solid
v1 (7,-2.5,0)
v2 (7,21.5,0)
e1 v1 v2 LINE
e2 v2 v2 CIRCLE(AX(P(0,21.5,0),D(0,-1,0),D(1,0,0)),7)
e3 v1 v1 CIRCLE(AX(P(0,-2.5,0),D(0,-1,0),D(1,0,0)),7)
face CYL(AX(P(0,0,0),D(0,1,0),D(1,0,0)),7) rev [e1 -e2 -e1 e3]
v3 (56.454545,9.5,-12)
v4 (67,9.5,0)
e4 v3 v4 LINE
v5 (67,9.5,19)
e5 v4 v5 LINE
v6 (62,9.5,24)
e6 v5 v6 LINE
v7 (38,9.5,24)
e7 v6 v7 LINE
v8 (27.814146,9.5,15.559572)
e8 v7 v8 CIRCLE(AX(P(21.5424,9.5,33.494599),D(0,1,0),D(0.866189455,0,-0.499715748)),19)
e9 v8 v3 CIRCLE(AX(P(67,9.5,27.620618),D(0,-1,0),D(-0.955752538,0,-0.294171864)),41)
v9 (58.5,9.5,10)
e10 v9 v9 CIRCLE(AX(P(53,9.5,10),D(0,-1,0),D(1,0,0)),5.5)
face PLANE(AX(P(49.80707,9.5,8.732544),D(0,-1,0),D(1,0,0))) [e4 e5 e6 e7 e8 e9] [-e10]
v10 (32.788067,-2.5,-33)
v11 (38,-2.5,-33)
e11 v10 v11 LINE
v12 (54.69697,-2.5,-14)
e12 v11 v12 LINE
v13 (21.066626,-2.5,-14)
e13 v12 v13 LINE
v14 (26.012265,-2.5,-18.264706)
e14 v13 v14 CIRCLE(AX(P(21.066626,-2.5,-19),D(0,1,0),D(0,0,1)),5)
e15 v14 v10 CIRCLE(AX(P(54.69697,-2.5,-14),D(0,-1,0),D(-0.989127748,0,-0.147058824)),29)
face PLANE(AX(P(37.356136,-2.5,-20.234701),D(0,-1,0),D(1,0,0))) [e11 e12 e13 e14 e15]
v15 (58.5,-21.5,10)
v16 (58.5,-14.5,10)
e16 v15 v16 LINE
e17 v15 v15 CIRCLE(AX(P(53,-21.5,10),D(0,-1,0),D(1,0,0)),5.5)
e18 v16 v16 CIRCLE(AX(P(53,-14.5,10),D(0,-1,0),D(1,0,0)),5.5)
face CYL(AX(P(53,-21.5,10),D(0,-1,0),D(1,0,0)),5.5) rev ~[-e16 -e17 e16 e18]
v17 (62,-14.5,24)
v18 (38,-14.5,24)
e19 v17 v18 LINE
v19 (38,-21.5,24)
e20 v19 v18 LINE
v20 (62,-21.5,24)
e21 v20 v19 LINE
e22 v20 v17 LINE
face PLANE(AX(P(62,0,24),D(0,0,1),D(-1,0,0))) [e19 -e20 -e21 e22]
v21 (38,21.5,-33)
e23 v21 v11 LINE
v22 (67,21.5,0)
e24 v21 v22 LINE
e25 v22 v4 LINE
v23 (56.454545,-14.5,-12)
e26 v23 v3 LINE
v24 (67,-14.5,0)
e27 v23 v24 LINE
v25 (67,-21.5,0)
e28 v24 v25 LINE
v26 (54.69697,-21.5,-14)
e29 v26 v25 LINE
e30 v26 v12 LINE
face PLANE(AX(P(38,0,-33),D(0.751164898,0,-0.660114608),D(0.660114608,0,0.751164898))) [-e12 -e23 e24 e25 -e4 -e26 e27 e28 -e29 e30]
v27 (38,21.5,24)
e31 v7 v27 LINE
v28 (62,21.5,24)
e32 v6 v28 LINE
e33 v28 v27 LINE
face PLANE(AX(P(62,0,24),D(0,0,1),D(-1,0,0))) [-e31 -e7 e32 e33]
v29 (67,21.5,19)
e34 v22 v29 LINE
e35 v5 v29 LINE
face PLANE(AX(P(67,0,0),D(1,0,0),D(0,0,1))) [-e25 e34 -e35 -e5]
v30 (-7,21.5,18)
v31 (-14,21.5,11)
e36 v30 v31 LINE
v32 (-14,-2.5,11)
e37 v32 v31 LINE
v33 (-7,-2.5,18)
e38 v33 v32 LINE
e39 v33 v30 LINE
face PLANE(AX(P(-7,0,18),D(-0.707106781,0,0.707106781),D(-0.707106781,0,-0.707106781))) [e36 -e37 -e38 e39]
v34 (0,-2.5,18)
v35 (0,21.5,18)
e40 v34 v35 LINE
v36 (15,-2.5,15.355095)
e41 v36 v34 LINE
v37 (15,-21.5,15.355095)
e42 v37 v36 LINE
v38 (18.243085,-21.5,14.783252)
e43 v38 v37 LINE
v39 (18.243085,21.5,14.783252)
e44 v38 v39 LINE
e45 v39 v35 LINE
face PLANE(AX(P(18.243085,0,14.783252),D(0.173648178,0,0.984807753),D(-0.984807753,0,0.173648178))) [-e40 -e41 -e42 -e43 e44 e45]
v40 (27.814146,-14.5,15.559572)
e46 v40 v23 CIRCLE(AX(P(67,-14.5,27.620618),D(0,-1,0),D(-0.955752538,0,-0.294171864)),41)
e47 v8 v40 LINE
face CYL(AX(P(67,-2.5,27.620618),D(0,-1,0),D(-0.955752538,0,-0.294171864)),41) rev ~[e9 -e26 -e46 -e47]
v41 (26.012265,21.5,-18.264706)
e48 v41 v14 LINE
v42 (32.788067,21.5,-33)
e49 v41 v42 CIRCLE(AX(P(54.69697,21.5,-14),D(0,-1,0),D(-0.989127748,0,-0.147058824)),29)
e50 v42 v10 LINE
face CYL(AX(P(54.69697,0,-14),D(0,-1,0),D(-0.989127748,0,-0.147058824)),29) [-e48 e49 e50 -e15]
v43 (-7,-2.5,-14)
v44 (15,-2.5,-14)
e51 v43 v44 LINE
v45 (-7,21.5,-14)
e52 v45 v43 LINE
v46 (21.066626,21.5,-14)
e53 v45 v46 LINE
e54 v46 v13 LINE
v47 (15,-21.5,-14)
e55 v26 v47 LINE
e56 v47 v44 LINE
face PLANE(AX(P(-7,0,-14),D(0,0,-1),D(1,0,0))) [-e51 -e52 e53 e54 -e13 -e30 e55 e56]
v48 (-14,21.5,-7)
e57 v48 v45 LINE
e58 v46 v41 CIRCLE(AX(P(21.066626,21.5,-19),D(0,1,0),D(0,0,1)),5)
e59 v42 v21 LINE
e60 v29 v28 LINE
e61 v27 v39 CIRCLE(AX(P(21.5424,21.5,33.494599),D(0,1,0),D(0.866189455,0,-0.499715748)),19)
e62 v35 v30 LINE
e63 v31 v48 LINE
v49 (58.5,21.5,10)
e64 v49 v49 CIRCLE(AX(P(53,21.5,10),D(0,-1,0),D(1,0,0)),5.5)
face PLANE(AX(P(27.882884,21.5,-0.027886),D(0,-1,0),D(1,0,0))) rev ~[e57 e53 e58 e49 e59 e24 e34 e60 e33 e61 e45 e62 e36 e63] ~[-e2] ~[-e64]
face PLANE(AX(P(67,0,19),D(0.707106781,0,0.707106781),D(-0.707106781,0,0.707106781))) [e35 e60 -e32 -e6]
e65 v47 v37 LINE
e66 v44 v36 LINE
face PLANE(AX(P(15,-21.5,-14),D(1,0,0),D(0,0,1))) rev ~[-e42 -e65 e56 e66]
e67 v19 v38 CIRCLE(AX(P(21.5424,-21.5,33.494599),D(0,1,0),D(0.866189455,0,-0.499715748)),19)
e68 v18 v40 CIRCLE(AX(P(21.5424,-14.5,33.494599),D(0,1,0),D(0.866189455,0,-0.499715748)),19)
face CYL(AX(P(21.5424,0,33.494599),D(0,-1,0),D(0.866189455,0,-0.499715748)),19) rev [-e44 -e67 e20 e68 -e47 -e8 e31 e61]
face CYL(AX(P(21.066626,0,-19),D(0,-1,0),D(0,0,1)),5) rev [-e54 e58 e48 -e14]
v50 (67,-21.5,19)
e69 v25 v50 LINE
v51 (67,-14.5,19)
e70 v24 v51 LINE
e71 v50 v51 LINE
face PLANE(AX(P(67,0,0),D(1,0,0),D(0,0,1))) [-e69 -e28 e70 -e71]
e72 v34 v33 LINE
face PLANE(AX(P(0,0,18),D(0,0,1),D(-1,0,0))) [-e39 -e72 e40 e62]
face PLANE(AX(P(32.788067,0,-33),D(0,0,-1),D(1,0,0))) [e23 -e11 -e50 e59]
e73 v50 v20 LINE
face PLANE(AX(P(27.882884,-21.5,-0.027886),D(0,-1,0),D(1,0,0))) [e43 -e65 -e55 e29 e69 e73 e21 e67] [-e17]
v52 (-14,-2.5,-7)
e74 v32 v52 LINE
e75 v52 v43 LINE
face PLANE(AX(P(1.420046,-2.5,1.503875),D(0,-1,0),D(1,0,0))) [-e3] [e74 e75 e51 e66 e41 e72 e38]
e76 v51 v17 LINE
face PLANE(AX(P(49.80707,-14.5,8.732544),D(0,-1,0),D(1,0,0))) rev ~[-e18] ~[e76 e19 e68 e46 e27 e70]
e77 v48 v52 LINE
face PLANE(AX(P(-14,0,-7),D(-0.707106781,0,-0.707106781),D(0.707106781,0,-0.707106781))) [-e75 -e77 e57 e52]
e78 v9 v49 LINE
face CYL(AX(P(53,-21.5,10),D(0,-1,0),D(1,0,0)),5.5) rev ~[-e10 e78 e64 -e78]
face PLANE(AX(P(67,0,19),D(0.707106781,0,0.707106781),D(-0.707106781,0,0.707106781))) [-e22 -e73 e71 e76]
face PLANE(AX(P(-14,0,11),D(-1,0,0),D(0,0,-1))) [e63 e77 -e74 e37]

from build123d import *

# Parameters (mm, degrees)
F0_R     = 7
F1_DEPTH = 21.5
F2_R     = 5.5
F3_DEPTH = 43.001
F2_R_2   = 7
F4_DEPTH = 19
F6_R     = 5.5
F7_DEPTH = 12


with BuildPart() as f1:
    # F0 (on Front) → F1 (new body, symmetric)
    with BuildSketch(Plane.XZ):
        with BuildLine():
            Line((-14, 11), (-14, -7))
            Line((-14, -7), (-7, -14))
            Line((-7, -14), (21.0666262554, -14))
            ThreePointArc((21.0666262554, -14), (24.3318620364, -15.2134137678), (26.0122649968, -18.2647058824))
            ThreePointArc((26.0122649968, -18.2647058824), (28.3490951999, -26.115672061), (32.7880673968, -33))
            Line((32.7880673968, -33), (38, -33))
            Line((38, -33), (67, 0))
            Line((67, 0), (67, 19))
            Line((67, 19), (62, 24))
            Line((62, 24), (38, 24))
            ThreePointArc((38, 24), (29.5749729609, 16.2760691513), (18.2430849879, 14.7832519053))
            Line((18.2430849879, 14.7832519053), (0, 18))
            Line((0, 18), (-7, 18))
            Line((-7, 18), (-14, 11))
        make_face()
        Circle(F0_R, mode=Mode.SUBTRACT)
    extrude(amount=F1_DEPTH, both=True)

    # F2 (on face) → F3 (cut, through all)
    with BuildSketch(Plane.XZ.offset(21.5)):
        with Locations((53, 10)):
            Circle(F2_R)
    extrude(amount=-F3_DEPTH, mode=Mode.SUBTRACT)

    # F2 (on face) → F4 (cut)
    with BuildSketch(Plane.XZ.offset(21.5)):
        Polygon((15, -14), (15, 15.3550952894), (0, 18), (-7, 18), (-14, 11), (-14, -7), (-7, -14), align=None)
        Circle(F2_R_2, mode=Mode.SUBTRACT)
        with BuildLine():
            Line((54.696969697, -14), (21.0666262554, -14))
            ThreePointArc((21.0666262554, -14), (24.3318620364, -15.2134137678), (26.0122649968, -18.2647058824))
            ThreePointArc((26.0122649968, -18.2647058824), (28.3490951999, -26.115672061), (32.7880673968, -33))
            Line((32.7880673968, -33), (38, -33))
            Line((38, -33), (54.696969697, -14))
        make_face()
    extrude(amount=-F4_DEPTH, mode=Mode.SUBTRACT)

    # F6 (on offset) → F7 (cut, symmetric)
    with BuildSketch(Plane.XZ.offset(2.5)):
        with BuildLine():
            Line((67, 19), (62, 24))
            Line((62, 24), (38, 24))
            ThreePointArc((38, 24), (33.6653533969, 18.864697991), (27.8141459246, 15.5595718187))
            ThreePointArc((27.8141459246, 15.5595718187), (38.5714357733, -1.9228537457), (56.4545454545, -12))
            Line((56.4545454545, -12), (67, 0))
            Line((67, 0), (67, 19))
        make_face()
        with Locations((53, 10)):
            Circle(F6_R, mode=Mode.SUBTRACT)
    extrude(amount=F7_DEPTH, both=True, mode=Mode.SUBTRACT)


solid = f1.part
